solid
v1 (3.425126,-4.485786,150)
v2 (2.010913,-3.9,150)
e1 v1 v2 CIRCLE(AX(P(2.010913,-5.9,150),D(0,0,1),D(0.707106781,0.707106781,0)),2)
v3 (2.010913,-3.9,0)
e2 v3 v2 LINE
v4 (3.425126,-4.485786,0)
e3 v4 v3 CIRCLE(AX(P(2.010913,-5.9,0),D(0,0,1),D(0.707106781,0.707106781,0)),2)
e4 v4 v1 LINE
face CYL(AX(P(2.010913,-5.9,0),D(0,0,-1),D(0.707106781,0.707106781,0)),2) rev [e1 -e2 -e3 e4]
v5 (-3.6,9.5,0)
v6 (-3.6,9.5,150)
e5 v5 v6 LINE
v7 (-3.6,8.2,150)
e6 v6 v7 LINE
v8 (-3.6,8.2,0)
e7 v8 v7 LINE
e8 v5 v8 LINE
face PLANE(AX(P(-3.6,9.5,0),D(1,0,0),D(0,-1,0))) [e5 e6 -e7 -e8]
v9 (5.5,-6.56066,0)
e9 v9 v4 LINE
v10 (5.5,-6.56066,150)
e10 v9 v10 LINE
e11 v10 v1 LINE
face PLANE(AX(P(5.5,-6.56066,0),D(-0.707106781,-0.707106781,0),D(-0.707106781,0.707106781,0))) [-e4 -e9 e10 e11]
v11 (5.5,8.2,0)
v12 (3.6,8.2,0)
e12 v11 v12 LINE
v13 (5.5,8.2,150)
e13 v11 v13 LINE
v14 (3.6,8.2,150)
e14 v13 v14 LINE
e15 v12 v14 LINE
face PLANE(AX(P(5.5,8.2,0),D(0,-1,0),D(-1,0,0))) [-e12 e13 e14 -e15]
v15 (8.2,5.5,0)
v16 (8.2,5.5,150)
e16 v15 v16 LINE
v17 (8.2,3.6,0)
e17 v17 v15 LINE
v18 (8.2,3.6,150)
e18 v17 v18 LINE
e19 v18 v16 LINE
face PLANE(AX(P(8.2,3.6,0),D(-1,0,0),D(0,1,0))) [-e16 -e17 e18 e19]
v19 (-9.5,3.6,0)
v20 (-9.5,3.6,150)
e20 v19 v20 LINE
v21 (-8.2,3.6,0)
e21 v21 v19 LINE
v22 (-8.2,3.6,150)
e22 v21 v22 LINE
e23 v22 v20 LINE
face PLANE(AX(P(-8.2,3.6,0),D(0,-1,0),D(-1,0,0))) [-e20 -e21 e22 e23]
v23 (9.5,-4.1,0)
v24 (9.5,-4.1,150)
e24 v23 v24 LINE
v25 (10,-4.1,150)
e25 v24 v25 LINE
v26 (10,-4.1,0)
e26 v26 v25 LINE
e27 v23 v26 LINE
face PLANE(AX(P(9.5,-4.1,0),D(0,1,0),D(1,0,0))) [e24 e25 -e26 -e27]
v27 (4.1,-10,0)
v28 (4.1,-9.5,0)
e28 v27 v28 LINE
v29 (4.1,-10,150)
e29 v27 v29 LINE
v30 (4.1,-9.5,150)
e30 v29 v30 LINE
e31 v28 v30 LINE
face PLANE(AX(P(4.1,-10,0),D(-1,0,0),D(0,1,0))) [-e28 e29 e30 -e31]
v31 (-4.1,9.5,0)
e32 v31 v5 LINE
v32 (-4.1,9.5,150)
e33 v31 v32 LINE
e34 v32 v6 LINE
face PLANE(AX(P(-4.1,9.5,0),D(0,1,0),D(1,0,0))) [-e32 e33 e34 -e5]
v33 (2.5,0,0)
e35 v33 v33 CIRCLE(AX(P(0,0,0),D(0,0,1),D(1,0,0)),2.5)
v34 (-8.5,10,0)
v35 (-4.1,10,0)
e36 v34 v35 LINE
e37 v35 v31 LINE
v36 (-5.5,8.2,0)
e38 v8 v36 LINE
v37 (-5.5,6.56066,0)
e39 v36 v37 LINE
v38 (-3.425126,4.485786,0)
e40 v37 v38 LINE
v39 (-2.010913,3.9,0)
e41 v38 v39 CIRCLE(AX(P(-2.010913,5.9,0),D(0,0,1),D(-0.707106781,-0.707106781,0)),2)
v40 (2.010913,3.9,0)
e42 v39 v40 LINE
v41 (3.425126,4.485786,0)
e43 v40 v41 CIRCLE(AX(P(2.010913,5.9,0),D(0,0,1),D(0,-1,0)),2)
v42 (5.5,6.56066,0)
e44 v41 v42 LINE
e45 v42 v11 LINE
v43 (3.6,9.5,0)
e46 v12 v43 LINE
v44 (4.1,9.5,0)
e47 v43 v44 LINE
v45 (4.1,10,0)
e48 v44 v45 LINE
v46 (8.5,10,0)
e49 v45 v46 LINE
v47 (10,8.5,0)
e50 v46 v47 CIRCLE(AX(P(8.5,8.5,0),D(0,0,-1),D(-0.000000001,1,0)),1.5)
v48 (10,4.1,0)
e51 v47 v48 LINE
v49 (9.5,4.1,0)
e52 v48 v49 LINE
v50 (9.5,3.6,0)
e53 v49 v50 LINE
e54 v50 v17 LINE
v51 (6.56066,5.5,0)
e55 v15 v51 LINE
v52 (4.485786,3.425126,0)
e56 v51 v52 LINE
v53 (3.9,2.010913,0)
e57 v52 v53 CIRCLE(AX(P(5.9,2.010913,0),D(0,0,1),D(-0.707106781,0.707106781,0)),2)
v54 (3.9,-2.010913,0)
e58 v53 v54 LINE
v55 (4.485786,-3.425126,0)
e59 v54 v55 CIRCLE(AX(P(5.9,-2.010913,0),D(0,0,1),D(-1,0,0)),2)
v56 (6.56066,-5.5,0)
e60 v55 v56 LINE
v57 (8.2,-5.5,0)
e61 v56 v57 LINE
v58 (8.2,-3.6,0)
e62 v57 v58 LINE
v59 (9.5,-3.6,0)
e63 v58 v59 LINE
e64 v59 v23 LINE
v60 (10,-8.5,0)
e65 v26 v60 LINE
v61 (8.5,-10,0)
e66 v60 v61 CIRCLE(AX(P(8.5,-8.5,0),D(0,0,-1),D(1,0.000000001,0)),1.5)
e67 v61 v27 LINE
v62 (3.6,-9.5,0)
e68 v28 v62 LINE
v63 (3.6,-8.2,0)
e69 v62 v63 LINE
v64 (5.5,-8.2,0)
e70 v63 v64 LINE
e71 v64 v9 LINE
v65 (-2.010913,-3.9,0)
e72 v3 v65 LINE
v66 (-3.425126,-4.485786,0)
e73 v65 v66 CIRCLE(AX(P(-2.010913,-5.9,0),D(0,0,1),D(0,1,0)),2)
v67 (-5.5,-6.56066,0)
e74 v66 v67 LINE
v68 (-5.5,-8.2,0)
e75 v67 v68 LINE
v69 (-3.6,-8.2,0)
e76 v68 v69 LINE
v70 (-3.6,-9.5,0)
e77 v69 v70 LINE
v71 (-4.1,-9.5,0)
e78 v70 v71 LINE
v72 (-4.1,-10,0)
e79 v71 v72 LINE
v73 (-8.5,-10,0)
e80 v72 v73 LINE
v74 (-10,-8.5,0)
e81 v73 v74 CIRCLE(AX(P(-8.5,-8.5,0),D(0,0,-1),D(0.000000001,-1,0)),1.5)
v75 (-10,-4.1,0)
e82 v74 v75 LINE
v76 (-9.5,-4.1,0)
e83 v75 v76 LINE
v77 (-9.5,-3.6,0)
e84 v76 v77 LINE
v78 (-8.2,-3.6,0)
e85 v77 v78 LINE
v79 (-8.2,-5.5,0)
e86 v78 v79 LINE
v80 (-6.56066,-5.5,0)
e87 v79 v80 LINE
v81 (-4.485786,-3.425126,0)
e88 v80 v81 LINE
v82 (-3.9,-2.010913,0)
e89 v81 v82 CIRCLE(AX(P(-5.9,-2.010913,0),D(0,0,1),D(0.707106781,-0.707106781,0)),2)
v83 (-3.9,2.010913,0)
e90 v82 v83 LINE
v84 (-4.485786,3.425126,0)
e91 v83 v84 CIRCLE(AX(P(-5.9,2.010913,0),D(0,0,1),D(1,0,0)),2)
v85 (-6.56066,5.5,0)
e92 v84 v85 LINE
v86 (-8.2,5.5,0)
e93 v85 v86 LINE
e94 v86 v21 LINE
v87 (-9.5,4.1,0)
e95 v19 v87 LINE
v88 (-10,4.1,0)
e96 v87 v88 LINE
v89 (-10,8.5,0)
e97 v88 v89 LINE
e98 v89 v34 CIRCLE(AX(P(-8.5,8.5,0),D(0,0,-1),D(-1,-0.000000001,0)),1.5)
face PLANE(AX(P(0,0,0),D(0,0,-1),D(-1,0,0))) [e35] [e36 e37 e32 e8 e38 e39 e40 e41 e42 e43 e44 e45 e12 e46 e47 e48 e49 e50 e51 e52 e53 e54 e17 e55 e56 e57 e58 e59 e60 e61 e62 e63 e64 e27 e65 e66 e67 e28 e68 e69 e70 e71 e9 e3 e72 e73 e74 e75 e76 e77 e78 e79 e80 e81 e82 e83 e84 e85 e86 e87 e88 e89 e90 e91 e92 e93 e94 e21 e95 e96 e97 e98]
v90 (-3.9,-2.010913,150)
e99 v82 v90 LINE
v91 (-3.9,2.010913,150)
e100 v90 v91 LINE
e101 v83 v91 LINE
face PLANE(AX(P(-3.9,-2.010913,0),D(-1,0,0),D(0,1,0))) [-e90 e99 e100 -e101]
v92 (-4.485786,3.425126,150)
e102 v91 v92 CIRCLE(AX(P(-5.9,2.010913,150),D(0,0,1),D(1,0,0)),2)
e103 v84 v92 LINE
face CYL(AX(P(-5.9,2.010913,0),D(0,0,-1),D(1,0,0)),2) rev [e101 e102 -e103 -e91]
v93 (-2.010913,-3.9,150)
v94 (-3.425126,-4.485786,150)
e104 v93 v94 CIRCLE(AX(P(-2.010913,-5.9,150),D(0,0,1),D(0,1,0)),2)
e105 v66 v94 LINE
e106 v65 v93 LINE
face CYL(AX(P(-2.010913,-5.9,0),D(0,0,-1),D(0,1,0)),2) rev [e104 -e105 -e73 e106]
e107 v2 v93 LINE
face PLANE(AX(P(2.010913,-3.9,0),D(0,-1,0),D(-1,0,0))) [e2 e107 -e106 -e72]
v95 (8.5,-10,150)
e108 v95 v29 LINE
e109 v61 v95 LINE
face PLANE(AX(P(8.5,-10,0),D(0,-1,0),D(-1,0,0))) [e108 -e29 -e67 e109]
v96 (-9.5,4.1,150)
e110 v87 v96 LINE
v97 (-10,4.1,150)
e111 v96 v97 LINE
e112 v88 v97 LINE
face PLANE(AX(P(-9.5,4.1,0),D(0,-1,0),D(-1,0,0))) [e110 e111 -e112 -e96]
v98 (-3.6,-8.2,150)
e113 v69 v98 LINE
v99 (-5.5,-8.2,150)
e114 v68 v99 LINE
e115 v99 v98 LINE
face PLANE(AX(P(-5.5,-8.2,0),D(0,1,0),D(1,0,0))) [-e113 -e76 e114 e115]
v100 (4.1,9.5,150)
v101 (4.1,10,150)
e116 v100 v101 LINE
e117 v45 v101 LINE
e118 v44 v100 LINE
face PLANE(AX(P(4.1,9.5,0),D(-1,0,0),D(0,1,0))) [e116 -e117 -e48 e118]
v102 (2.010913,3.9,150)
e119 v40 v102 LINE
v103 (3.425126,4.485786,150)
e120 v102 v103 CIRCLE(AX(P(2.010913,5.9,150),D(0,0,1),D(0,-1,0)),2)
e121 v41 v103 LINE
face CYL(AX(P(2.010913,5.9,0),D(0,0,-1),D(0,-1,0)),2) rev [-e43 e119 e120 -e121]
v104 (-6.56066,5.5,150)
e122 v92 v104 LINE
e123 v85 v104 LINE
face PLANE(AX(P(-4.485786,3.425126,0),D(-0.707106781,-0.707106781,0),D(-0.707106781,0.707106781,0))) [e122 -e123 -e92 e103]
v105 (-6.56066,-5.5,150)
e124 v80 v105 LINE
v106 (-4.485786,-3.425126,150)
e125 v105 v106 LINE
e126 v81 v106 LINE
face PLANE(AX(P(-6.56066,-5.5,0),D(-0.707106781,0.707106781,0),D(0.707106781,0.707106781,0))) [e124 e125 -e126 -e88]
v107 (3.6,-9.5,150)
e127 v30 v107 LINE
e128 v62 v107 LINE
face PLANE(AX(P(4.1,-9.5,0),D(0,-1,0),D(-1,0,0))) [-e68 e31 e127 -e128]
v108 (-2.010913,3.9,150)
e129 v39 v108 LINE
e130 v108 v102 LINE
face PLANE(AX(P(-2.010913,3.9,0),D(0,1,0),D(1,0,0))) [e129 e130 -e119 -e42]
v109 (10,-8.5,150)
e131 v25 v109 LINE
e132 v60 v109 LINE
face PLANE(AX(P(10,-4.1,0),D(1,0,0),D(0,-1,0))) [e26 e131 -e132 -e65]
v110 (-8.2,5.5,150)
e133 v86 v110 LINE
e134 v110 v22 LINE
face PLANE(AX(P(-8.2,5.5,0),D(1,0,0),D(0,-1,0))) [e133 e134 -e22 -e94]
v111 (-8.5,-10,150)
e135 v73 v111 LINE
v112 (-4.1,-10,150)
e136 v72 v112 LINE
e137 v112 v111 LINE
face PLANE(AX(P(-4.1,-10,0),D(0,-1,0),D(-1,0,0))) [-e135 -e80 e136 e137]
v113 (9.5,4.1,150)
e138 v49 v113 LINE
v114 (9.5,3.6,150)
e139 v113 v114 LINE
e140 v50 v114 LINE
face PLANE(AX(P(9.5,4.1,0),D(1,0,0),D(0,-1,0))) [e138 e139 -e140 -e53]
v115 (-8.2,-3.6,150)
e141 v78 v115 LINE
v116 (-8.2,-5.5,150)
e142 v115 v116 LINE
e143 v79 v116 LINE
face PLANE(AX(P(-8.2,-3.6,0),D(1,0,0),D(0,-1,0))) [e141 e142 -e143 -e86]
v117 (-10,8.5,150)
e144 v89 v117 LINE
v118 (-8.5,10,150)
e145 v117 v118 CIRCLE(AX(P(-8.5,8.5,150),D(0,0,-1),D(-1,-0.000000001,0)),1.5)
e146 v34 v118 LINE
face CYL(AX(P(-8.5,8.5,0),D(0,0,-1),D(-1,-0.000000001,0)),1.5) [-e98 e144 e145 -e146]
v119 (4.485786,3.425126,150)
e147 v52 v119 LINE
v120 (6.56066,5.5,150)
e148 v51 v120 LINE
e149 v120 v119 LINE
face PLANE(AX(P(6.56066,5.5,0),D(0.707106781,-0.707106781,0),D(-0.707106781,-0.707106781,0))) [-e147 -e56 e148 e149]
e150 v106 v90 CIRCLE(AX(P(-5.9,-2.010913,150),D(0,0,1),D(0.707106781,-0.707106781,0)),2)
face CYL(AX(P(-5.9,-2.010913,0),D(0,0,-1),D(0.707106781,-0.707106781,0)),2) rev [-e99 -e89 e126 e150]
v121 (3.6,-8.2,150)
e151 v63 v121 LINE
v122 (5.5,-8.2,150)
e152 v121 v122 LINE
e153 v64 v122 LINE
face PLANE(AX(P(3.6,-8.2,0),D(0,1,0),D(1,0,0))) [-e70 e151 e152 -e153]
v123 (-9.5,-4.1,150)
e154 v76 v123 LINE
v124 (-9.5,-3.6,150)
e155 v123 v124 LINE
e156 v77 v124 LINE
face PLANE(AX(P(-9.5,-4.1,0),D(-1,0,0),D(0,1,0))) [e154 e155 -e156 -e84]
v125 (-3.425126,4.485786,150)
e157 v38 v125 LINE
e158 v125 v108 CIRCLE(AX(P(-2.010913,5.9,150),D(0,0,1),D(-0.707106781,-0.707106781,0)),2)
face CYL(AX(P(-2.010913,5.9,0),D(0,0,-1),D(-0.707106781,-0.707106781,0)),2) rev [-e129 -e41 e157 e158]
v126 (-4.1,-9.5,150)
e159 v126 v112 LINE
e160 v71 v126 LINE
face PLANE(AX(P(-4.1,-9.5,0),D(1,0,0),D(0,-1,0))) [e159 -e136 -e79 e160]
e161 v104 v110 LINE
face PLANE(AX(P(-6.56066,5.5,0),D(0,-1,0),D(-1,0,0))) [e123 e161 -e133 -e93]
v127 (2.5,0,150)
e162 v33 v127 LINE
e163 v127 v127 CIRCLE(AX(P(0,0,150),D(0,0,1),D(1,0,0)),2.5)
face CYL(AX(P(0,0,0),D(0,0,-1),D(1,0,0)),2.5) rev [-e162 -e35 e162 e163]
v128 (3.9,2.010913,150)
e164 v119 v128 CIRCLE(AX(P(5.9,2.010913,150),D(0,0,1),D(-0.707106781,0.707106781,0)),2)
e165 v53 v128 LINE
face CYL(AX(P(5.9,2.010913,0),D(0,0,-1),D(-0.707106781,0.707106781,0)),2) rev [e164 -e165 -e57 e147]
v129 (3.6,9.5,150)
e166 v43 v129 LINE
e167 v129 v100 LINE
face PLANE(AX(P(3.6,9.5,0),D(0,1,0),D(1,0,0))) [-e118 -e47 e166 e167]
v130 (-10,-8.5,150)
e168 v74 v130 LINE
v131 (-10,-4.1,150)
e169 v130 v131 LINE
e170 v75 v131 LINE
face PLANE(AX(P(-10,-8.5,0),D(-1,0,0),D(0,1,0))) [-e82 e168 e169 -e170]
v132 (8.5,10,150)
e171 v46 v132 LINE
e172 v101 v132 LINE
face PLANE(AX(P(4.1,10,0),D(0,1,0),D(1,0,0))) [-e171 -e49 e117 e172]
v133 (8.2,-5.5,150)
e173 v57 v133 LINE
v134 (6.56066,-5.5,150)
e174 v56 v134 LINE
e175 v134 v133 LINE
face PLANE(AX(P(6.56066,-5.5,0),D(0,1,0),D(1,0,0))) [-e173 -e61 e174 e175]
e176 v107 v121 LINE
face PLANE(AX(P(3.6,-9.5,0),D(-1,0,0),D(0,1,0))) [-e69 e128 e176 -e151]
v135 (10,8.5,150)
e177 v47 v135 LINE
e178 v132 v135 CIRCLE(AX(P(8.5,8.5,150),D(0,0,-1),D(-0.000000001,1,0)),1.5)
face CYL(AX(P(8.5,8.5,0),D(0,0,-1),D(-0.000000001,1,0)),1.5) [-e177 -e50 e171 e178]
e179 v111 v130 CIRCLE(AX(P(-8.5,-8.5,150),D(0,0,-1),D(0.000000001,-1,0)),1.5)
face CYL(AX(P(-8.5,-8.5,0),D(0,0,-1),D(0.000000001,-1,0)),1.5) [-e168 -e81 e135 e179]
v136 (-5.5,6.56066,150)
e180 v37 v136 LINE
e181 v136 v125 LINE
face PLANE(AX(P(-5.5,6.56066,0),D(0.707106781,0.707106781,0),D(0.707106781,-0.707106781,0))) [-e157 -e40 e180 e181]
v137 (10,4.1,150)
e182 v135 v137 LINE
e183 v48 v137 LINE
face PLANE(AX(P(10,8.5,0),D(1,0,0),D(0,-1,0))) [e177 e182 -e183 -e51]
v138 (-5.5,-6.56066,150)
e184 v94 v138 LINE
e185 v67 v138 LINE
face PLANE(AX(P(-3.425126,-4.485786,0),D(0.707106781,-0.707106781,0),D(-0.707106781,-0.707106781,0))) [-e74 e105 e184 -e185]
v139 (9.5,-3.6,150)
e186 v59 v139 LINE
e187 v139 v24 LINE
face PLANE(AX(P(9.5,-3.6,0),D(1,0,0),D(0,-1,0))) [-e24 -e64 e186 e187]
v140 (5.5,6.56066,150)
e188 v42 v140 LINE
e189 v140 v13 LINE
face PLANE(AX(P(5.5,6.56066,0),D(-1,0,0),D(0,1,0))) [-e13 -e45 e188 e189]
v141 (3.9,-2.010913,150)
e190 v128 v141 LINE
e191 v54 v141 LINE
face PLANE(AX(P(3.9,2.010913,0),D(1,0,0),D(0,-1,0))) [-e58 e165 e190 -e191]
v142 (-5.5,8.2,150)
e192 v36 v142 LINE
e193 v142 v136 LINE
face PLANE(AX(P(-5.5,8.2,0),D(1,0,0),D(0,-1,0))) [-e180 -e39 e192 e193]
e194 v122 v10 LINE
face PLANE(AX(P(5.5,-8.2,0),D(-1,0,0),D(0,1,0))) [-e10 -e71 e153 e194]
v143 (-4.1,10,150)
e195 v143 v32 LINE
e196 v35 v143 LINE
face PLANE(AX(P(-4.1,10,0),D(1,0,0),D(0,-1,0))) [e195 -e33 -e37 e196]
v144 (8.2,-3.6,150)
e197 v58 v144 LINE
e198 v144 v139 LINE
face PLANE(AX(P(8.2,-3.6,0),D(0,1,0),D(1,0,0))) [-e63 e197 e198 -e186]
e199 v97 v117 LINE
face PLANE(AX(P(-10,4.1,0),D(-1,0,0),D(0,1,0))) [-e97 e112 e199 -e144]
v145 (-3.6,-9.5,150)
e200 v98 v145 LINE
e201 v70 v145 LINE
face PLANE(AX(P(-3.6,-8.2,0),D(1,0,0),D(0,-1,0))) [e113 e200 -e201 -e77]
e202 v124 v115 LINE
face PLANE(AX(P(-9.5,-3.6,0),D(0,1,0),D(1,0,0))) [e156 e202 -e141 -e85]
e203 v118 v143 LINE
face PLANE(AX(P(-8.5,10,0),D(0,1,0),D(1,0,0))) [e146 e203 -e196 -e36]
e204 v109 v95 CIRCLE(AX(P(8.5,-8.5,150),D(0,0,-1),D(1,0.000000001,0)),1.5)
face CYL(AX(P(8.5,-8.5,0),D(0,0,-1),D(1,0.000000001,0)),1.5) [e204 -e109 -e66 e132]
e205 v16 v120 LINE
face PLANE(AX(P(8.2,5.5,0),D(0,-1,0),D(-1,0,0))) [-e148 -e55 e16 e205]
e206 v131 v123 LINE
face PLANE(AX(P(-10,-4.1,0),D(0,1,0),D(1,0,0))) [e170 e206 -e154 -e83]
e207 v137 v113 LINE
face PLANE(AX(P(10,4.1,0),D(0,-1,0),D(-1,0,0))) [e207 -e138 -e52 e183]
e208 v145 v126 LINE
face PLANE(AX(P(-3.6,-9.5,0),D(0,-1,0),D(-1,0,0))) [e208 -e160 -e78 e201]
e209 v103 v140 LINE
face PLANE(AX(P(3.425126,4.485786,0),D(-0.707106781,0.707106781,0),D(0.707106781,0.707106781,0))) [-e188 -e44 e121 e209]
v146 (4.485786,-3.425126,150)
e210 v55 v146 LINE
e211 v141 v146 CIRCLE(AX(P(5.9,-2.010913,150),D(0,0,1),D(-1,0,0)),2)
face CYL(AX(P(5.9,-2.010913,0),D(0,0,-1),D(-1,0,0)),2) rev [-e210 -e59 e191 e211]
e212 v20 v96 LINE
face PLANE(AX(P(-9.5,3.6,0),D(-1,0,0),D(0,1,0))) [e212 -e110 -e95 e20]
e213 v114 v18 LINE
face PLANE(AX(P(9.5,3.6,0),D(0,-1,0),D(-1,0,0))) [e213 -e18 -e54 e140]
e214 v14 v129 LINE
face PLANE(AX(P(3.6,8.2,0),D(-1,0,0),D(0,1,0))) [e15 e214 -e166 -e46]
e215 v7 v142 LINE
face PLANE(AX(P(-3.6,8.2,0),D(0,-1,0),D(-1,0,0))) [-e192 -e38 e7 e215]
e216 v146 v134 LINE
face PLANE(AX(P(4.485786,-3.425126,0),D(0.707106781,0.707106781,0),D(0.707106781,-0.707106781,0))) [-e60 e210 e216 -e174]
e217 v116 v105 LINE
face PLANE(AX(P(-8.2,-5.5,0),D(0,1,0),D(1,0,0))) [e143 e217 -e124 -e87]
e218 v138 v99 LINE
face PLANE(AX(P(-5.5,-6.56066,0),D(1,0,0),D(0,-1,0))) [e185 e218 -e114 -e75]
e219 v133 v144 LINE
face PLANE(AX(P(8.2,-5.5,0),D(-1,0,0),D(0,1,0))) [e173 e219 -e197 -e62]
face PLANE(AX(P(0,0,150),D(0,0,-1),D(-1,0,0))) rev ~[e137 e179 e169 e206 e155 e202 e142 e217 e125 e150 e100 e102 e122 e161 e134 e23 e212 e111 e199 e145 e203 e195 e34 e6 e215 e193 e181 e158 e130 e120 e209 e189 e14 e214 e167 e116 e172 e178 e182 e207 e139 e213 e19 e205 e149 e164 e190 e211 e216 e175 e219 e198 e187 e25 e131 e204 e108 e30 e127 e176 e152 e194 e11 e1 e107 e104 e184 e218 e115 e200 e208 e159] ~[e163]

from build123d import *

# Parameters (mm, degrees)
SKETCH1_R           = 2.5
BOSS_EXTRUDE2_DEPTH = 150


with BuildPart() as part:
    # Sketch1 → Boss-Extrude2 (new body)
    with BuildSketch(Plane.XY):
        with BuildLine():
            Line((10, -4.1), (10, -8.5))
            ThreePointArc((10, -8.5), (9.560660172, -9.560660172), (8.5, -10))
            Line((8.5, -10), (4.1, -10))
            Line((4.1, -10), (4.1, -9.5))
            Line((4.1, -9.5), (3.6, -9.5))
            Line((3.6, -9.5), (3.6, -8.2))
            Line((3.6, -8.2), (5.5, -8.2))
            Line((5.5, -8.2), (5.5, -6.560660172))
            Line((5.5, -6.560660172), (3.425126266, -4.485786438))
            ThreePointArc((3.425126266, -4.485786438), (2.776279568, -4.052240935), (2.010912703, -3.9))
            Line((2.010912703, -3.9), (-2.010912703, -3.9))
            ThreePointArc((-2.010912703, -3.9), (-2.776279568, -4.052240935), (-3.425126266, -4.485786438))
            Line((-3.425126266, -4.485786438), (-5.5, -6.560660172))
            Line((-5.5, -6.560660172), (-5.5, -8.2))
            Line((-5.5, -8.2), (-3.6, -8.2))
            Line((-3.6, -8.2), (-3.6, -9.5))
            Line((-3.6, -9.5), (-4.1, -9.5))
            Line((-4.1, -9.5), (-4.1, -10))
            Line((-4.1, -10), (-8.5, -10))
            ThreePointArc((-8.5, -10), (-9.560660172, -9.560660172), (-10, -8.5))
            Line((-10, -8.5), (-10, -4.1))
            Line((-10, -4.1), (-9.5, -4.1))
            Line((-9.5, -4.1), (-9.5, -3.6))
            Line((-9.5, -3.6), (-8.2, -3.6))
            Line((-8.2, -3.6), (-8.2, -5.5))
            Line((-8.2, -5.5), (-6.560660172, -5.5))
            Line((-6.560660172, -5.5), (-4.485786438, -3.425126266))
            ThreePointArc((-4.485786438, -3.425126266), (-4.052240935, -2.776279568), (-3.9, -2.010912703))
            Line((-3.9, -2.010912703), (-3.9, 2.010912703))
            ThreePointArc((-3.9, 2.010912703), (-4.052240935, 2.776279568), (-4.485786438, 3.425126266))
            Line((-4.485786438, 3.425126266), (-6.560660172, 5.5))
            Line((-6.560660172, 5.5), (-8.2, 5.5))
            Line((-8.2, 5.5), (-8.2, 3.6))
            Line((-8.2, 3.6), (-9.5, 3.6))
            Line((-9.5, 3.6), (-9.5, 4.1))
            Line((-9.5, 4.1), (-10, 4.1))
            Line((-10, 4.1), (-10, 8.5))
            ThreePointArc((-10, 8.5), (-9.560660172, 9.560660172), (-8.5, 10))
            Line((-8.5, 10), (-4.1, 10))
            Line((-4.1, 10), (-4.1, 9.5))
            Line((-4.1, 9.5), (-3.6, 9.5))
            Line((-3.6, 9.5), (-3.6, 8.2))
            Line((-3.6, 8.2), (-5.5, 8.2))
            Line((-5.5, 8.2), (-5.5, 6.560660172))
            Line((-5.5, 6.560660172), (-3.425126266, 4.485786438))
            ThreePointArc((-3.425126266, 4.485786438), (-2.776279568, 4.052240935), (-2.010912703, 3.9))
            Line((-2.010912703, 3.9), (2.010912703, 3.9))
            ThreePointArc((2.010912703, 3.9), (2.776279568, 4.052240935), (3.425126266, 4.485786438))
            Line((3.425126266, 4.485786438), (5.5, 6.560660172))
            Line((5.5, 6.560660172), (5.5, 8.2))
            Line((5.5, 8.2), (3.6, 8.2))
            Line((3.6, 8.2), (3.6, 9.5))
            Line((3.6, 9.5), (4.1, 9.5))
            Line((4.1, 9.5), (4.1, 10))
            Line((4.1, 10), (8.5, 10))
            ThreePointArc((8.5, 10), (9.560660172, 9.560660172), (10, 8.5))
            Line((10, 8.5), (10, 4.1))
            Line((10, 4.1), (9.5, 4.1))
            Line((9.5, 4.1), (9.5, 3.6))
            Line((9.5, 3.6), (8.2, 3.6))
            Line((8.2, 3.6), (8.2, 5.5))
            Line((8.2, 5.5), (6.560660172, 5.5))
            Line((6.560660172, 5.5), (4.485786438, 3.425126266))
            ThreePointArc((4.485786438, 3.425126266), (4.052240935, 2.776279568), (3.9, 2.010912703))
            Line((3.9, 2.010912703), (3.9, -2.010912703))
            ThreePointArc((3.9, -2.010912703), (4.052240935, -2.776279568), (4.485786438, -3.425126266))
            Line((4.485786438, -3.425126266), (6.560660172, -5.5))
            Line((6.560660172, -5.5), (8.2, -5.5))
            Line((8.2, -5.5), (8.2, -3.6))
            Line((8.2, -3.6), (9.5, -3.6))
            Line((9.5, -3.6), (9.5, -4.1))
            Line((9.5, -4.1), (10, -4.1))
        make_face()
        Circle(SKETCH1_R, mode=Mode.SUBTRACT)
    extrude(amount=BOSS_EXTRUDE2_DEPTH)


solid = part.part
